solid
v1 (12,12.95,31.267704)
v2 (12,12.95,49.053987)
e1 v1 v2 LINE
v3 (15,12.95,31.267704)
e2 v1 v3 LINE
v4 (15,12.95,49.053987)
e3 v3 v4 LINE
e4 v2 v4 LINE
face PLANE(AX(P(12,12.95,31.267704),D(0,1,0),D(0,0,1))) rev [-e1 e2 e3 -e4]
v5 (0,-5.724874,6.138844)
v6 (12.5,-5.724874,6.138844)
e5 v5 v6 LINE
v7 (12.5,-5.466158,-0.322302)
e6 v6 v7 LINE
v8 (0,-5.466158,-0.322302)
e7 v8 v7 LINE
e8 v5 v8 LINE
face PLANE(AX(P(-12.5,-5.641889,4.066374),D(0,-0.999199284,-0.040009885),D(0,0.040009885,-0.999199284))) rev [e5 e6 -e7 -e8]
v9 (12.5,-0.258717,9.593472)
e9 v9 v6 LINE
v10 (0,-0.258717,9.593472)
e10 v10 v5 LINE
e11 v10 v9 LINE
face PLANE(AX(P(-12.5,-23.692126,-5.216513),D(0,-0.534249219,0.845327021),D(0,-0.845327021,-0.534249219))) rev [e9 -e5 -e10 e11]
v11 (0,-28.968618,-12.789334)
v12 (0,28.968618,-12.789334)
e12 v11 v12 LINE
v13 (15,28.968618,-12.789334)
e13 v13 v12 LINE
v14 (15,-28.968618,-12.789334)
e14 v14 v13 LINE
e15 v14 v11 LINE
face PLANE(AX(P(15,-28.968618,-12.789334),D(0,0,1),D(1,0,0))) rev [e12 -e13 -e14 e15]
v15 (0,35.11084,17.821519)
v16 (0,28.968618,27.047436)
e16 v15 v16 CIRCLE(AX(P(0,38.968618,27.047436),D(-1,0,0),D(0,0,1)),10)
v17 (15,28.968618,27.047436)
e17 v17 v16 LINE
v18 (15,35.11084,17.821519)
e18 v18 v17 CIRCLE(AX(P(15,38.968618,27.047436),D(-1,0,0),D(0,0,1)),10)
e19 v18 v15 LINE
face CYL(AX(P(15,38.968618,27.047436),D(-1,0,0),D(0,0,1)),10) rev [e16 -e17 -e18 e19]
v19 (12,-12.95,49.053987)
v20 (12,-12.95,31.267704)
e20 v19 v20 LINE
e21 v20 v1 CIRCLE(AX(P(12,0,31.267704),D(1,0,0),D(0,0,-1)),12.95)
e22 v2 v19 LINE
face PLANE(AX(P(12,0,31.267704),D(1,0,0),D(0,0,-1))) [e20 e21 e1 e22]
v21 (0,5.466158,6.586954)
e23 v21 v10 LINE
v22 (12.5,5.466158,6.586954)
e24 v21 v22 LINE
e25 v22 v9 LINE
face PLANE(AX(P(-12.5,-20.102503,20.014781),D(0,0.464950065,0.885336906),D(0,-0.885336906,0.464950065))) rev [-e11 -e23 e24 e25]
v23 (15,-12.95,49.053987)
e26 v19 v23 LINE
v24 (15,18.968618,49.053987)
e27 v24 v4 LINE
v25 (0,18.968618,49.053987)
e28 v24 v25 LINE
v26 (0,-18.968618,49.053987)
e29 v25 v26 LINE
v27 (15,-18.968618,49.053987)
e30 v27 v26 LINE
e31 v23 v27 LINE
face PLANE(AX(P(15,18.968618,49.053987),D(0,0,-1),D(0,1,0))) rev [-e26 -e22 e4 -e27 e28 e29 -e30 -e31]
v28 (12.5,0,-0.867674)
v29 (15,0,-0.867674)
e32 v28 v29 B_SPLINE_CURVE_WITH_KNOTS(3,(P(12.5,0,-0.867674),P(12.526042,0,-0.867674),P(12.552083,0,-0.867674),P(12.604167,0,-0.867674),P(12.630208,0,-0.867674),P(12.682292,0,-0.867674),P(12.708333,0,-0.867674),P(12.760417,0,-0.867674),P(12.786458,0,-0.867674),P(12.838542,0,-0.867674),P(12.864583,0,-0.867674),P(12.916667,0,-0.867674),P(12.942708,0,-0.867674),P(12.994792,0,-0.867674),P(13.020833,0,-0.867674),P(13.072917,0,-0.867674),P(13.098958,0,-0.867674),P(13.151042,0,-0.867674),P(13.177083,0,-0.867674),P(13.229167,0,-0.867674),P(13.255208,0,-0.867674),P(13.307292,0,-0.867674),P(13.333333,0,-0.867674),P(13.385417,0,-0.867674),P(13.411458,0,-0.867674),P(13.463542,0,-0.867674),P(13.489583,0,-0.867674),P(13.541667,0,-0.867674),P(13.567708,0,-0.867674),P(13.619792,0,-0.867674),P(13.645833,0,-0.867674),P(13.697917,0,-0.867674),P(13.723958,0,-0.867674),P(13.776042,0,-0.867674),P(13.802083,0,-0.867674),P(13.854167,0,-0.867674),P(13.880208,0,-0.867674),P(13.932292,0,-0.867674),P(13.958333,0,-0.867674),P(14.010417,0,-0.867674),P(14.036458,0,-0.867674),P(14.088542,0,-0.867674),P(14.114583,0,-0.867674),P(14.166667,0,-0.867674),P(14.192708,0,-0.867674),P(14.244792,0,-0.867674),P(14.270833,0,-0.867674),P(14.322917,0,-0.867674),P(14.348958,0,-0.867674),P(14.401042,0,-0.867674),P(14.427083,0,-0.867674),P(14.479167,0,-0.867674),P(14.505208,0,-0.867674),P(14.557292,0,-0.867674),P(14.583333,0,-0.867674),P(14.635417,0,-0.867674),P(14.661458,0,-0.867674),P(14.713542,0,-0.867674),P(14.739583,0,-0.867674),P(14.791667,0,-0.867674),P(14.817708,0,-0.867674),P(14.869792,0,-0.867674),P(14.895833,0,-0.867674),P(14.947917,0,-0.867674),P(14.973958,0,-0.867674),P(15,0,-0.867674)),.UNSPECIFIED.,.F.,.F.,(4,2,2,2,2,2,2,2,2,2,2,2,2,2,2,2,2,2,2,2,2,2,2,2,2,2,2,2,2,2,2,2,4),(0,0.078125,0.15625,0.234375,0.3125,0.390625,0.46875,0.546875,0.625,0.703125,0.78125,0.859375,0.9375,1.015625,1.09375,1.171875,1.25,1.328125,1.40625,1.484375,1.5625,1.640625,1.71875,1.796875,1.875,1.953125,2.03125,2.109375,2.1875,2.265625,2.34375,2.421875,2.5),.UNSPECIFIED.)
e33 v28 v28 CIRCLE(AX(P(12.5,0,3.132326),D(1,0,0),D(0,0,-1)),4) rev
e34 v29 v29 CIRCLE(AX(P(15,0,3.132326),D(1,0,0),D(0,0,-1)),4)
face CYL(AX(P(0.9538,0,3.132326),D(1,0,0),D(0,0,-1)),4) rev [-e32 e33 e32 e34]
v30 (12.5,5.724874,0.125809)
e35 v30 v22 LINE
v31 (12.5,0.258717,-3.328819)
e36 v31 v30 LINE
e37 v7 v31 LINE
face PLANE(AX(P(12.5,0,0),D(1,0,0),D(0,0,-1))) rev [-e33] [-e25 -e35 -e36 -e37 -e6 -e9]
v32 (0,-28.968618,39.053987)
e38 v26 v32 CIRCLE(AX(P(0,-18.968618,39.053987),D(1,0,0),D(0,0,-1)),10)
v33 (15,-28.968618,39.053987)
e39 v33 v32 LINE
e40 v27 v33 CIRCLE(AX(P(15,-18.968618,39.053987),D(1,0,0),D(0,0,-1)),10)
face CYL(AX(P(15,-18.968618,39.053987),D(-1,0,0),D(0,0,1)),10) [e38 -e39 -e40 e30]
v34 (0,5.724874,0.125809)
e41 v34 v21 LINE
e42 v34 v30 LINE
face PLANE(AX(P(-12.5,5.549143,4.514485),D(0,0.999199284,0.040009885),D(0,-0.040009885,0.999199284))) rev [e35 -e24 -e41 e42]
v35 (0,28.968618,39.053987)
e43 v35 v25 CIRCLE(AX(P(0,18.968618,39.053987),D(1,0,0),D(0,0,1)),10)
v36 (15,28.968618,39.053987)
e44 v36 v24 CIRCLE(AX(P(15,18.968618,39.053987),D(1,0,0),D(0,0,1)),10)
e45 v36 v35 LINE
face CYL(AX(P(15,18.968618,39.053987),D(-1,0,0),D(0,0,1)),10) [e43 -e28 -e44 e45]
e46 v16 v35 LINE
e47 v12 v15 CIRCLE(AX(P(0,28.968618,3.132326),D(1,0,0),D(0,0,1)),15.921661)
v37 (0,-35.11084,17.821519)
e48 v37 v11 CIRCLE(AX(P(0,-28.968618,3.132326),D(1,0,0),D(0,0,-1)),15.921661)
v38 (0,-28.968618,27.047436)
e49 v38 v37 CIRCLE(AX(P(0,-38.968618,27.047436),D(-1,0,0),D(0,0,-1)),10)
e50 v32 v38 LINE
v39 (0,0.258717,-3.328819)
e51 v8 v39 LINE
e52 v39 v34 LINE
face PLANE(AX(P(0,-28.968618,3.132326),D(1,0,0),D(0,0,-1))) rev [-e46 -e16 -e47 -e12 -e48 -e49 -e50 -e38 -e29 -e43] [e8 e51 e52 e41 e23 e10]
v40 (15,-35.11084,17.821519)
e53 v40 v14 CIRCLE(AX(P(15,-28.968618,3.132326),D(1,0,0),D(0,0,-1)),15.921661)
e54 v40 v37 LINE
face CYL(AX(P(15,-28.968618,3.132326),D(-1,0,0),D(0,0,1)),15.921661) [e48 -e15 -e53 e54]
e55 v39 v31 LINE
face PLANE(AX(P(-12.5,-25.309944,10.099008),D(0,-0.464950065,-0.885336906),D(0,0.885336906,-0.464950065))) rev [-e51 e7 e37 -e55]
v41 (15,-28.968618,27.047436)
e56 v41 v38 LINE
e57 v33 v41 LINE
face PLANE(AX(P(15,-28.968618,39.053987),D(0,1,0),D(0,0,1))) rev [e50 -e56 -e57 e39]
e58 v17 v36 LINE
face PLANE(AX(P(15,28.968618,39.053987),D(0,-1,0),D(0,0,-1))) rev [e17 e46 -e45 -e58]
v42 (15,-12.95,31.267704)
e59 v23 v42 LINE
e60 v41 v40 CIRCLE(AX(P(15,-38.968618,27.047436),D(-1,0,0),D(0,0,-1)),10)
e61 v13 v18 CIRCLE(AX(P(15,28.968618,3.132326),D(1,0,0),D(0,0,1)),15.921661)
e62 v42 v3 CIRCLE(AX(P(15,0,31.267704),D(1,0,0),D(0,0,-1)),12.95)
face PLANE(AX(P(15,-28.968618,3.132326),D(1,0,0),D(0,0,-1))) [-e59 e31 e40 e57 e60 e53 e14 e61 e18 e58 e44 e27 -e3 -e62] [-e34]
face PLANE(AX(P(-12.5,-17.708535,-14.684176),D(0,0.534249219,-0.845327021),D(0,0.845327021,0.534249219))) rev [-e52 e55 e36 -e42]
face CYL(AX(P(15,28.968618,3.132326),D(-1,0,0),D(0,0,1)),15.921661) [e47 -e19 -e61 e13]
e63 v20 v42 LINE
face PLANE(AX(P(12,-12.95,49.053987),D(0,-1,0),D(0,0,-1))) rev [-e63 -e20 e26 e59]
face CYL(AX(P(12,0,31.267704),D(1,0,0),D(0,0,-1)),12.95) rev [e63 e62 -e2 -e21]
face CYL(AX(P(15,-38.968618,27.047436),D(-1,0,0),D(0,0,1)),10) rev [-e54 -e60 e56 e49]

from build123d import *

# Parameters (mm, degrees)
BOSS_EXTRUDE3_DEPTH = 15
SKETCH3_R           = 4
CUT_EXTRUDE3_DEPTH  = 14.0462
CUT_EXTRUDE4_DEPTH  = 3
CUT_EXTRUDE5_START  = -15
CUT_EXTRUDE5_DEPTH  = 12.5


with BuildPart() as part:
    # Sketch1 → Boss-Extrude3 (new body)
    with BuildSketch(Plane.YZ):
        with BuildLine():
            Line((-28.968617751, -12.789334175), (28.968617751, -12.789334175))
            ThreePointArc((28.968617751, -12.789334175), (44.579120821, 0), (35.110840206, 17.821518929))
            ThreePointArc((35.110840206, 17.821518929), (30.644623053, 21.505675602), (28.968617751, 27.047436358))
            Line((28.968617751, 27.047436358), (28.968617751, 39.053986921))
            ThreePointArc((28.968617751, 39.053986921), (26.039685563, 46.125054733), (18.968617751, 49.053986921))
            Line((18.968617751, 49.053986921), (-18.968617751, 49.053986921))
            ThreePointArc((-18.968617751, 49.053986921), (-26.039685563, 46.125054733), (-28.968617751, 39.053986921))
            Line((-28.968617751, 39.053986921), (-28.968617751, 27.047436358))
            ThreePointArc((-28.968617751, 27.047436358), (-30.644623053, 21.505675602), (-35.110840206, 17.821518929))
            ThreePointArc((-35.110840206, 17.821518929), (-44.579120821, 0), (-28.968617751, -12.789334175))
        make_face()
    extrude(amount=BOSS_EXTRUDE3_DEPTH)

    # Sketch3 → Cut-Extrude3 (cut)
    with BuildSketch(Plane.YZ.offset(15)):
        with Locations(Location((0, 3.132326373, 0), (0, 0, 270))):
            Circle(SKETCH3_R)
    extrude(amount=-CUT_EXTRUDE3_DEPTH, mode=Mode.SUBTRACT)

    # Sketch4 → Cut-Extrude4 (cut)
    with BuildSketch(Plane.YZ.offset(15)):
        with BuildLine():
            Line((-12.95, 49.053986921), (-12.95, 31.267703884))
            ThreePointArc((-12.95, 31.267703884), (0, 18.317703884), (12.95, 31.267703884))
            Line((12.95, 31.267703884), (12.95, 49.053986921))
            Line((12.95, 49.053986921), (-12.95, 49.053986921))
        make_face()
    extrude(amount=-CUT_EXTRUDE4_DEPTH, mode=Mode.SUBTRACT)

    # Sketch5 → Cut-Extrude5 (cut, symmetric)
    with BuildSketch(Plane.YZ.offset(15).offset(CUT_EXTRUDE5_START)):
        Polygon((5.466157569, 6.586954394), (-0.258716842, 9.5934717), (-5.724874411, 6.138843679), (-5.466157569, -0.322301647), (0.258716842, -3.328818953), (5.724874411, 0.125809067), align=None)
    extrude(amount=CUT_EXTRUDE5_DEPTH, both=True, mode=Mode.SUBTRACT)


solid = part.part
